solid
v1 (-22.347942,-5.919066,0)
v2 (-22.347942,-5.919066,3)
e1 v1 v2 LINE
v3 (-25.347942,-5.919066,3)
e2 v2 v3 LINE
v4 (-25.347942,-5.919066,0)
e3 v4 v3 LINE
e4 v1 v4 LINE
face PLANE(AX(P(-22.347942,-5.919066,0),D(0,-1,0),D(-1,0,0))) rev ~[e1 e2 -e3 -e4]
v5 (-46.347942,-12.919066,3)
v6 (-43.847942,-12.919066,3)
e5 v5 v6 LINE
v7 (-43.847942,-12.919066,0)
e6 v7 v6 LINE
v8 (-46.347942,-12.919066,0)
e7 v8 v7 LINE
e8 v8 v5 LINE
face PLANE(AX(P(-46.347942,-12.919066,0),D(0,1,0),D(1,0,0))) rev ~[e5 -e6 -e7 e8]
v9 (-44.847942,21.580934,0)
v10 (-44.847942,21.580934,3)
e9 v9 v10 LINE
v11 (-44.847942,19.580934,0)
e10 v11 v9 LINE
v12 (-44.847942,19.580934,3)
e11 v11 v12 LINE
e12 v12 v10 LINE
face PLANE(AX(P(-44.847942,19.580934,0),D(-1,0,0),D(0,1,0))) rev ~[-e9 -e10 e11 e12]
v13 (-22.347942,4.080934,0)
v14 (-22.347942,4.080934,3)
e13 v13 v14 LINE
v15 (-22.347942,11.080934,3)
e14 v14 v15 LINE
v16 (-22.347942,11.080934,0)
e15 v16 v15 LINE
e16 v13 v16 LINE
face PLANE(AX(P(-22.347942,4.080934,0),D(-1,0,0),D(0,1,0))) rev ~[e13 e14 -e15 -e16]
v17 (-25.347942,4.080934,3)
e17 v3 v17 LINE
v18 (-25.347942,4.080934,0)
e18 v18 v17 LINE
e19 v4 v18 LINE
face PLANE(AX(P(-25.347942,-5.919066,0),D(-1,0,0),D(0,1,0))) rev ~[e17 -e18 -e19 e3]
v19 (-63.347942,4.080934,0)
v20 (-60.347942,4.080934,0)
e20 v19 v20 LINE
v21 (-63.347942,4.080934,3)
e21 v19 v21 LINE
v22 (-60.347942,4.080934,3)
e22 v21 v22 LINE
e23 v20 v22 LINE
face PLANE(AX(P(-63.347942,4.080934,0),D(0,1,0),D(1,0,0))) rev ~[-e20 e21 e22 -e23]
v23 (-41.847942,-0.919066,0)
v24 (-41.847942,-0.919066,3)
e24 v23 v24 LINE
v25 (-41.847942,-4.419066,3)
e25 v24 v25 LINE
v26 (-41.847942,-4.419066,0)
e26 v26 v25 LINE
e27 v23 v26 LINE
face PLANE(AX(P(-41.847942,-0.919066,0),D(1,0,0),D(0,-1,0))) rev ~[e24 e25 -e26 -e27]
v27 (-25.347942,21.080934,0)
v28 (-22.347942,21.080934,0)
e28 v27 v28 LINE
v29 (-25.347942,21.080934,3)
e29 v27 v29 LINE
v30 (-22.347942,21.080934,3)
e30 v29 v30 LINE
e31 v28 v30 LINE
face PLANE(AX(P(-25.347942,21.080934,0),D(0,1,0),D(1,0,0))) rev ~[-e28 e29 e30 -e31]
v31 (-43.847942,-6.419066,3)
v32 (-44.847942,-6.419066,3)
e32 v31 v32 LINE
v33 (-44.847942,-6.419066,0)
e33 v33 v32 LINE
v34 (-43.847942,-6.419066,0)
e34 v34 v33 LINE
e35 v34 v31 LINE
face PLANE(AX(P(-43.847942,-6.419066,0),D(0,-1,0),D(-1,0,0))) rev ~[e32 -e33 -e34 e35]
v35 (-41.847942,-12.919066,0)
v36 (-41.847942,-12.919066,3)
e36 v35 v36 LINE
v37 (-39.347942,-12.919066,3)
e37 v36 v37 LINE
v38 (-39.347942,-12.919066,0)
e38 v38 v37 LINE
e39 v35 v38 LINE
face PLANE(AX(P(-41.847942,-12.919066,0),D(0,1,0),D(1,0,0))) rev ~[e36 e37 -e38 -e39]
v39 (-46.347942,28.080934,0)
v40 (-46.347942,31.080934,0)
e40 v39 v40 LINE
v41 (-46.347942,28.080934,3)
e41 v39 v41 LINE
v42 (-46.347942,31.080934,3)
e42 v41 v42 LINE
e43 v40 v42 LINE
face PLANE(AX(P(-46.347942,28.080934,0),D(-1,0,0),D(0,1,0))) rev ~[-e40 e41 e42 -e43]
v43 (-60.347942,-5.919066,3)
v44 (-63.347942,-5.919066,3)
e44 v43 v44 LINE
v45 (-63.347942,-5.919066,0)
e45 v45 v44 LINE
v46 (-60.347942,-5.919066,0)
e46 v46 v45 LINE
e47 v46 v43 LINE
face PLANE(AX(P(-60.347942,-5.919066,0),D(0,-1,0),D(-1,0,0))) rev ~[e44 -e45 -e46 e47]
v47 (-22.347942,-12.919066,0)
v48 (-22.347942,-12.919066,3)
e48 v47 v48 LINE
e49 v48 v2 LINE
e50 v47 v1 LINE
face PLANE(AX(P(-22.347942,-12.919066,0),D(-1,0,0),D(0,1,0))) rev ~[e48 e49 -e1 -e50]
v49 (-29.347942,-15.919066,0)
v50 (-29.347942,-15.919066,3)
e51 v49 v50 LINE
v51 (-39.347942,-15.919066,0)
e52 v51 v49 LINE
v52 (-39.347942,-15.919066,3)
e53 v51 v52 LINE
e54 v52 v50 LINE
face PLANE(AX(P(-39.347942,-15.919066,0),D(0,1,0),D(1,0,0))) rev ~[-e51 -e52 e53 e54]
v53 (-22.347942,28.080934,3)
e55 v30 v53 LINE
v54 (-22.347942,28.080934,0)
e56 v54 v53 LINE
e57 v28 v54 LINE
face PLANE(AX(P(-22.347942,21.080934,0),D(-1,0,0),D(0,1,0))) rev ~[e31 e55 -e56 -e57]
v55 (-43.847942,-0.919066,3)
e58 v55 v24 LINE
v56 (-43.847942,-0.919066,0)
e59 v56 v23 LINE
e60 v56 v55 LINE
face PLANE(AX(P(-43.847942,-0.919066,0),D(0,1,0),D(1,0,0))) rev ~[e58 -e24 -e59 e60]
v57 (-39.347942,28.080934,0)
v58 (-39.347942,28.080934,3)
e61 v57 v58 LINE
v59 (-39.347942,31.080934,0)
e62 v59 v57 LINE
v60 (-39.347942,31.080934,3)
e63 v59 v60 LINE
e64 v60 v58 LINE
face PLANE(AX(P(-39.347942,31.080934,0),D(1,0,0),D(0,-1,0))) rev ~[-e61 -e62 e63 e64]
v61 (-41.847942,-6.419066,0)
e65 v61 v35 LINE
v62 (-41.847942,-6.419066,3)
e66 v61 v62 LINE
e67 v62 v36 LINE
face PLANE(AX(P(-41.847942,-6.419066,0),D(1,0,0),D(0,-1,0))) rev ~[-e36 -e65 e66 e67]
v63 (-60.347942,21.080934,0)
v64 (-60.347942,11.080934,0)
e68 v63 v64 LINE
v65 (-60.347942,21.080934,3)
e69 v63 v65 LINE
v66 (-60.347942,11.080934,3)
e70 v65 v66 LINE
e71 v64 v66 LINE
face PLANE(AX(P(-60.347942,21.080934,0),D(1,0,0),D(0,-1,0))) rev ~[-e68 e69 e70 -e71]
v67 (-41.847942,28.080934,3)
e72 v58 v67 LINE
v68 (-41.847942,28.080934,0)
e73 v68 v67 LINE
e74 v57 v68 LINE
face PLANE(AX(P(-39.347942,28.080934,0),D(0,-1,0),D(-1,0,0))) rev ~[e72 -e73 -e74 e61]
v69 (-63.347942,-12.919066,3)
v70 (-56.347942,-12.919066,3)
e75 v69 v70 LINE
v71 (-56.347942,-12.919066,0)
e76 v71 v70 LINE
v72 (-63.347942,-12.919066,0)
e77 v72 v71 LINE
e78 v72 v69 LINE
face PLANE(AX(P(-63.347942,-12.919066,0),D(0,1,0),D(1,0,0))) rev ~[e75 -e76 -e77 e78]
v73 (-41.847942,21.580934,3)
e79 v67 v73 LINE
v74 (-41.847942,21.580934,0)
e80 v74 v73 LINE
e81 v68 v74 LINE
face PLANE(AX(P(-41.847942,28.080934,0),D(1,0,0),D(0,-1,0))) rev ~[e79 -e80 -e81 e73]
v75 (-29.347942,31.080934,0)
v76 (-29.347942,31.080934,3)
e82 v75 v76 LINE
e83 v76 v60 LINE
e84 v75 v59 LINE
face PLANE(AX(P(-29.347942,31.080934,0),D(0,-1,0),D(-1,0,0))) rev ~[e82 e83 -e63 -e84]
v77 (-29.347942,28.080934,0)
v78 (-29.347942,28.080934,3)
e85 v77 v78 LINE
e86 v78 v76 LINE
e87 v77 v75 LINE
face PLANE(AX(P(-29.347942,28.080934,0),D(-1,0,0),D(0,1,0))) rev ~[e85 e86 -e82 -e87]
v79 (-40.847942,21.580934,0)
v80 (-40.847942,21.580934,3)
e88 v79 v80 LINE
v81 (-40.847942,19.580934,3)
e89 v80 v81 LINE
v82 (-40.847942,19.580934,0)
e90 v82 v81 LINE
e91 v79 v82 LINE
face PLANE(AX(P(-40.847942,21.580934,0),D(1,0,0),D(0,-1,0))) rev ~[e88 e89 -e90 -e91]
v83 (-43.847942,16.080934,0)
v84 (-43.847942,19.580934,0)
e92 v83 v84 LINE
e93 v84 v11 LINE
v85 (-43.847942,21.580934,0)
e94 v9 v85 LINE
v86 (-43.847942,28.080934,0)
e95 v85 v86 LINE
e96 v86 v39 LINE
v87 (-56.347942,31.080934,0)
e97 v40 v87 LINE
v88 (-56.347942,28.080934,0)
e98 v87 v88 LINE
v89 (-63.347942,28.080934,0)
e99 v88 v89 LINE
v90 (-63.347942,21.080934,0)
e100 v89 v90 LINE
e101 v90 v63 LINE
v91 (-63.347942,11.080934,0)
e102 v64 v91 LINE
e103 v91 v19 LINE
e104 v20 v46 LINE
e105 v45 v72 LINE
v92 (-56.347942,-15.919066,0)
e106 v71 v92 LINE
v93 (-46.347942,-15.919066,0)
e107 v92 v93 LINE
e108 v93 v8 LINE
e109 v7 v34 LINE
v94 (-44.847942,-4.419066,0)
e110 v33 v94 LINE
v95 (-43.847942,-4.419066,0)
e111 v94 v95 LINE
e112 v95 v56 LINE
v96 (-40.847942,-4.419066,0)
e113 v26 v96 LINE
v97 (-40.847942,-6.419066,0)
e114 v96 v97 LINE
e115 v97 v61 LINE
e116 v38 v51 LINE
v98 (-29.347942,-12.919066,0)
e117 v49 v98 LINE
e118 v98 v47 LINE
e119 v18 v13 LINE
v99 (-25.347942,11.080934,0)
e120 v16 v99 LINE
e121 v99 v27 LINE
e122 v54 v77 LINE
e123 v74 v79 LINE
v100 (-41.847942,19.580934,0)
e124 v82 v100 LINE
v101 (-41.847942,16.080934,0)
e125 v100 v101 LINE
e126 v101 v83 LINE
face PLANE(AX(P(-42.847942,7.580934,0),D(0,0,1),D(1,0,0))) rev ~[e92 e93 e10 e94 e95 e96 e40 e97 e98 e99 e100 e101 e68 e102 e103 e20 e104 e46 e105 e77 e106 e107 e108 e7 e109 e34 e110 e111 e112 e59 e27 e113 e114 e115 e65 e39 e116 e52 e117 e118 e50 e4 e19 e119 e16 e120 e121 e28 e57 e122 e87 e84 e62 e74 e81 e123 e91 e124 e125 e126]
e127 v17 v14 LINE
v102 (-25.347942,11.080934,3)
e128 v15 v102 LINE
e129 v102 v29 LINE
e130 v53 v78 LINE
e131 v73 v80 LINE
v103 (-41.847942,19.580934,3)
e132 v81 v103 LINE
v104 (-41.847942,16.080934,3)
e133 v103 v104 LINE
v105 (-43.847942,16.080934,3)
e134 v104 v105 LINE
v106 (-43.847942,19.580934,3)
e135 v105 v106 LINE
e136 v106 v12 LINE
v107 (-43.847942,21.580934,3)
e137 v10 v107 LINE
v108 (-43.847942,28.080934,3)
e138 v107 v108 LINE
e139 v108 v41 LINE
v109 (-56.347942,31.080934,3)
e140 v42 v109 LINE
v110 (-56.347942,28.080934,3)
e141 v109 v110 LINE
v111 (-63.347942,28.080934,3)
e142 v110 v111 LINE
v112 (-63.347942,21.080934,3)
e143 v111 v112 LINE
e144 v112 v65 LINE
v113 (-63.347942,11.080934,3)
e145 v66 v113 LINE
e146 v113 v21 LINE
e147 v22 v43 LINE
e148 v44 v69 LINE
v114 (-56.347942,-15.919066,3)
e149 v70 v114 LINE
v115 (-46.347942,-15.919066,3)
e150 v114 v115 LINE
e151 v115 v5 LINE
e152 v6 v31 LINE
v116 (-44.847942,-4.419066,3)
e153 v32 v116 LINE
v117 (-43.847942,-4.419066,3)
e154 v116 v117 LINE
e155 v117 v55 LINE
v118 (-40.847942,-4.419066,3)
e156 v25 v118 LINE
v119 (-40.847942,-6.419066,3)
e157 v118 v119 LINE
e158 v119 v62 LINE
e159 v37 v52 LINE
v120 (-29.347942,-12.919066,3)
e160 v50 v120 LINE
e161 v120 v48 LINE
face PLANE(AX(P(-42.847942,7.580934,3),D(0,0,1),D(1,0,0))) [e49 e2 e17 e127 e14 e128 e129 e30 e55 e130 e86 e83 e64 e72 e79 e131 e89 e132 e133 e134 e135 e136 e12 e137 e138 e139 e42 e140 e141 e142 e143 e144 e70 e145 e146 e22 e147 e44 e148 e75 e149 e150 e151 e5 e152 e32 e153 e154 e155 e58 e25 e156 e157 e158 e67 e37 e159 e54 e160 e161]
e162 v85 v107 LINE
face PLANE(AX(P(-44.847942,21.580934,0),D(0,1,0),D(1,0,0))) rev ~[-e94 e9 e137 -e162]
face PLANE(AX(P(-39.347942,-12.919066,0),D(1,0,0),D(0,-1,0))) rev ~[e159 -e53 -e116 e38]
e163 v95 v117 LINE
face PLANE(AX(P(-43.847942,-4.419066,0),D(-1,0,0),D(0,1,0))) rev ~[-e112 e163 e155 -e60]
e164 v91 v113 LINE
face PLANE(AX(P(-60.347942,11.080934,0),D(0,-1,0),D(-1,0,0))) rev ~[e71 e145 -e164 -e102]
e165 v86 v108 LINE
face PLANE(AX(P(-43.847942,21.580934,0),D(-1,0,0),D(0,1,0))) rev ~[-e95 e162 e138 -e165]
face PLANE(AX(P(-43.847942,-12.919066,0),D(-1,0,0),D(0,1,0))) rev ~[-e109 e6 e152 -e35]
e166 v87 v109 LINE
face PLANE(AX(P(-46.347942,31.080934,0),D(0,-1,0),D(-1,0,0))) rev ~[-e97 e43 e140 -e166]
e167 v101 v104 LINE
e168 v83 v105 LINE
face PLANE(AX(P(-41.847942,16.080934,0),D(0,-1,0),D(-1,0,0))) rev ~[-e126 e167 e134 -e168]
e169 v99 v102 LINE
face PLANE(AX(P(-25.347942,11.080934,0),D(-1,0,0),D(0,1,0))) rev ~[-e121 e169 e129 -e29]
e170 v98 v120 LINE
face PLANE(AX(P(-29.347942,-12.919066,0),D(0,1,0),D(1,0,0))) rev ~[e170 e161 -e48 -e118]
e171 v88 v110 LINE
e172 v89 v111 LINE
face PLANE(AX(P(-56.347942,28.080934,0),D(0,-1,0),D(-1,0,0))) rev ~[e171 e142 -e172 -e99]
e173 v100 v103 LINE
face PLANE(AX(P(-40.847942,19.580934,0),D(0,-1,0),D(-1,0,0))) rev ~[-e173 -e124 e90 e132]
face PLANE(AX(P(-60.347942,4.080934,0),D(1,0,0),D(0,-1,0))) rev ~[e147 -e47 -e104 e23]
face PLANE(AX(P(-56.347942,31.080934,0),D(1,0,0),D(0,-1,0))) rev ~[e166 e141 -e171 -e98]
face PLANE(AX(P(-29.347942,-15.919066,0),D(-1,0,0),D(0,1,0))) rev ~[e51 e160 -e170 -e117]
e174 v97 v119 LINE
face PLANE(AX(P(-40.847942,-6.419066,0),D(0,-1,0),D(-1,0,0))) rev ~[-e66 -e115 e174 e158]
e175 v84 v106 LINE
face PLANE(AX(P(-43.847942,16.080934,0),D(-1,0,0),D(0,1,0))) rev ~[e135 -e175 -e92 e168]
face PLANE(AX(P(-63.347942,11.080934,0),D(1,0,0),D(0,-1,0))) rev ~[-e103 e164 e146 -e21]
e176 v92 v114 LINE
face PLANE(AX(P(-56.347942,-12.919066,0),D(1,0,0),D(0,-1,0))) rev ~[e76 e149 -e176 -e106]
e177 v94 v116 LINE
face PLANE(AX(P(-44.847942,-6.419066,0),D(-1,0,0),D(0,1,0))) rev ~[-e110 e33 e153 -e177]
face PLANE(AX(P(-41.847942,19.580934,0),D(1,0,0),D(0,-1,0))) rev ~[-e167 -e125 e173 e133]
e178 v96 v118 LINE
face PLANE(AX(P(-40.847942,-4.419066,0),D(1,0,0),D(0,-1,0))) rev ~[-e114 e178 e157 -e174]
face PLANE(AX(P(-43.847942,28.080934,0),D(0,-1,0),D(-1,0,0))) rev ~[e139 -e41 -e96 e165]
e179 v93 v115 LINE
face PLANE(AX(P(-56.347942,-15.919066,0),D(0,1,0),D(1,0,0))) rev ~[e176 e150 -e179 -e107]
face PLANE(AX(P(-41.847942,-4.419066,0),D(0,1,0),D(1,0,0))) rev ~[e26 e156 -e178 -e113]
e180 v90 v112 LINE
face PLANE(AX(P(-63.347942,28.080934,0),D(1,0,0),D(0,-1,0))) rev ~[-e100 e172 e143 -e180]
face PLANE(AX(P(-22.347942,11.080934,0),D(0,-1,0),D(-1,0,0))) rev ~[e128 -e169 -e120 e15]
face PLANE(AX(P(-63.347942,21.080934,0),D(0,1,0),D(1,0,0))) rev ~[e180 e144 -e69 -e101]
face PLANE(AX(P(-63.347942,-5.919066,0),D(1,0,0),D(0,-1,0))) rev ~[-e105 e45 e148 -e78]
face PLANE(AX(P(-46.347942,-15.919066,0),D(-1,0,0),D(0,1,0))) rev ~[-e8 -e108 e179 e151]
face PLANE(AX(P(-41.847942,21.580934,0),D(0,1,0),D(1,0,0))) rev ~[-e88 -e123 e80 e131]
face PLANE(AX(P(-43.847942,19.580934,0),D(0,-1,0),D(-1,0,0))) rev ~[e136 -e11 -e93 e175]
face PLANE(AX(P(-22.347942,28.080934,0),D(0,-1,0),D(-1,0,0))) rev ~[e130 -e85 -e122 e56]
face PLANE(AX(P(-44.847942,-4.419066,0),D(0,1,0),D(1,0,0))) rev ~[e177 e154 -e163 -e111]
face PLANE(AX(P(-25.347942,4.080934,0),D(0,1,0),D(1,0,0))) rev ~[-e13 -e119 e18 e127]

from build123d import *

# Parameters (mm, degrees)
F1_DEPTH = 3


with BuildPart() as f1:
    # F0 (on Top) → F1 (new body)
    with BuildSketch(Plane.XY):
        Polygon((-56.347942, 28.080934), (-63.347942, 28.080934), (-63.347942, 21.080934), (-60.347942, 21.080934), (-60.347942, 11.080934), (-63.347942, 11.080934), (-63.347942, 4.080934), (-60.347942, 4.080934), (-60.347942, -5.919066), (-63.347942, -5.919066), (-63.347942, -12.919066), (-56.347942, -12.919066), (-56.347942, -15.919066), (-46.347942, -15.919066), (-46.347942, -12.919066), (-43.847942, -12.919066), (-43.847942, -6.419066), (-44.847942, -6.419066), (-44.847942, -4.419066), (-43.847942, -4.419066), (-43.847942, -0.919066), (-41.847942, -0.919066), (-41.847942, -4.419066), (-40.847942, -4.419066), (-40.847942, -6.419066), (-41.847942, -6.419066), (-41.847942, -12.919066), (-39.347942, -12.919066), (-39.347942, -15.919066), (-29.347942, -15.919066), (-29.347942, -12.919066), (-22.347942, -12.919066), (-22.347942, -5.919066), (-25.347942, -5.919066), (-25.347942, 4.080934), (-22.347942, 4.080934), (-22.347942, 11.080934), (-25.347942, 11.080934), (-25.347942, 21.080934), (-22.347942, 21.080934), (-22.347942, 28.080934), (-29.347942, 28.080934), (-29.347942, 31.080934), (-39.347942, 31.080934), (-39.347942, 28.080934), (-41.847942, 28.080934), (-41.847942, 21.580934), (-40.847942, 21.580934), (-40.847942, 19.580934), (-41.847942, 19.580934), (-41.847942, 16.080934), (-43.847942, 16.080934), (-43.847942, 19.580934), (-44.847942, 19.580934), (-44.847942, 21.580934), (-43.847942, 21.580934), (-43.847942, 28.080934), (-46.347942, 28.080934), (-46.347942, 31.080934), (-56.347942, 31.080934), align=None)
    extrude(amount=F1_DEPTH)


solid = f1.part
